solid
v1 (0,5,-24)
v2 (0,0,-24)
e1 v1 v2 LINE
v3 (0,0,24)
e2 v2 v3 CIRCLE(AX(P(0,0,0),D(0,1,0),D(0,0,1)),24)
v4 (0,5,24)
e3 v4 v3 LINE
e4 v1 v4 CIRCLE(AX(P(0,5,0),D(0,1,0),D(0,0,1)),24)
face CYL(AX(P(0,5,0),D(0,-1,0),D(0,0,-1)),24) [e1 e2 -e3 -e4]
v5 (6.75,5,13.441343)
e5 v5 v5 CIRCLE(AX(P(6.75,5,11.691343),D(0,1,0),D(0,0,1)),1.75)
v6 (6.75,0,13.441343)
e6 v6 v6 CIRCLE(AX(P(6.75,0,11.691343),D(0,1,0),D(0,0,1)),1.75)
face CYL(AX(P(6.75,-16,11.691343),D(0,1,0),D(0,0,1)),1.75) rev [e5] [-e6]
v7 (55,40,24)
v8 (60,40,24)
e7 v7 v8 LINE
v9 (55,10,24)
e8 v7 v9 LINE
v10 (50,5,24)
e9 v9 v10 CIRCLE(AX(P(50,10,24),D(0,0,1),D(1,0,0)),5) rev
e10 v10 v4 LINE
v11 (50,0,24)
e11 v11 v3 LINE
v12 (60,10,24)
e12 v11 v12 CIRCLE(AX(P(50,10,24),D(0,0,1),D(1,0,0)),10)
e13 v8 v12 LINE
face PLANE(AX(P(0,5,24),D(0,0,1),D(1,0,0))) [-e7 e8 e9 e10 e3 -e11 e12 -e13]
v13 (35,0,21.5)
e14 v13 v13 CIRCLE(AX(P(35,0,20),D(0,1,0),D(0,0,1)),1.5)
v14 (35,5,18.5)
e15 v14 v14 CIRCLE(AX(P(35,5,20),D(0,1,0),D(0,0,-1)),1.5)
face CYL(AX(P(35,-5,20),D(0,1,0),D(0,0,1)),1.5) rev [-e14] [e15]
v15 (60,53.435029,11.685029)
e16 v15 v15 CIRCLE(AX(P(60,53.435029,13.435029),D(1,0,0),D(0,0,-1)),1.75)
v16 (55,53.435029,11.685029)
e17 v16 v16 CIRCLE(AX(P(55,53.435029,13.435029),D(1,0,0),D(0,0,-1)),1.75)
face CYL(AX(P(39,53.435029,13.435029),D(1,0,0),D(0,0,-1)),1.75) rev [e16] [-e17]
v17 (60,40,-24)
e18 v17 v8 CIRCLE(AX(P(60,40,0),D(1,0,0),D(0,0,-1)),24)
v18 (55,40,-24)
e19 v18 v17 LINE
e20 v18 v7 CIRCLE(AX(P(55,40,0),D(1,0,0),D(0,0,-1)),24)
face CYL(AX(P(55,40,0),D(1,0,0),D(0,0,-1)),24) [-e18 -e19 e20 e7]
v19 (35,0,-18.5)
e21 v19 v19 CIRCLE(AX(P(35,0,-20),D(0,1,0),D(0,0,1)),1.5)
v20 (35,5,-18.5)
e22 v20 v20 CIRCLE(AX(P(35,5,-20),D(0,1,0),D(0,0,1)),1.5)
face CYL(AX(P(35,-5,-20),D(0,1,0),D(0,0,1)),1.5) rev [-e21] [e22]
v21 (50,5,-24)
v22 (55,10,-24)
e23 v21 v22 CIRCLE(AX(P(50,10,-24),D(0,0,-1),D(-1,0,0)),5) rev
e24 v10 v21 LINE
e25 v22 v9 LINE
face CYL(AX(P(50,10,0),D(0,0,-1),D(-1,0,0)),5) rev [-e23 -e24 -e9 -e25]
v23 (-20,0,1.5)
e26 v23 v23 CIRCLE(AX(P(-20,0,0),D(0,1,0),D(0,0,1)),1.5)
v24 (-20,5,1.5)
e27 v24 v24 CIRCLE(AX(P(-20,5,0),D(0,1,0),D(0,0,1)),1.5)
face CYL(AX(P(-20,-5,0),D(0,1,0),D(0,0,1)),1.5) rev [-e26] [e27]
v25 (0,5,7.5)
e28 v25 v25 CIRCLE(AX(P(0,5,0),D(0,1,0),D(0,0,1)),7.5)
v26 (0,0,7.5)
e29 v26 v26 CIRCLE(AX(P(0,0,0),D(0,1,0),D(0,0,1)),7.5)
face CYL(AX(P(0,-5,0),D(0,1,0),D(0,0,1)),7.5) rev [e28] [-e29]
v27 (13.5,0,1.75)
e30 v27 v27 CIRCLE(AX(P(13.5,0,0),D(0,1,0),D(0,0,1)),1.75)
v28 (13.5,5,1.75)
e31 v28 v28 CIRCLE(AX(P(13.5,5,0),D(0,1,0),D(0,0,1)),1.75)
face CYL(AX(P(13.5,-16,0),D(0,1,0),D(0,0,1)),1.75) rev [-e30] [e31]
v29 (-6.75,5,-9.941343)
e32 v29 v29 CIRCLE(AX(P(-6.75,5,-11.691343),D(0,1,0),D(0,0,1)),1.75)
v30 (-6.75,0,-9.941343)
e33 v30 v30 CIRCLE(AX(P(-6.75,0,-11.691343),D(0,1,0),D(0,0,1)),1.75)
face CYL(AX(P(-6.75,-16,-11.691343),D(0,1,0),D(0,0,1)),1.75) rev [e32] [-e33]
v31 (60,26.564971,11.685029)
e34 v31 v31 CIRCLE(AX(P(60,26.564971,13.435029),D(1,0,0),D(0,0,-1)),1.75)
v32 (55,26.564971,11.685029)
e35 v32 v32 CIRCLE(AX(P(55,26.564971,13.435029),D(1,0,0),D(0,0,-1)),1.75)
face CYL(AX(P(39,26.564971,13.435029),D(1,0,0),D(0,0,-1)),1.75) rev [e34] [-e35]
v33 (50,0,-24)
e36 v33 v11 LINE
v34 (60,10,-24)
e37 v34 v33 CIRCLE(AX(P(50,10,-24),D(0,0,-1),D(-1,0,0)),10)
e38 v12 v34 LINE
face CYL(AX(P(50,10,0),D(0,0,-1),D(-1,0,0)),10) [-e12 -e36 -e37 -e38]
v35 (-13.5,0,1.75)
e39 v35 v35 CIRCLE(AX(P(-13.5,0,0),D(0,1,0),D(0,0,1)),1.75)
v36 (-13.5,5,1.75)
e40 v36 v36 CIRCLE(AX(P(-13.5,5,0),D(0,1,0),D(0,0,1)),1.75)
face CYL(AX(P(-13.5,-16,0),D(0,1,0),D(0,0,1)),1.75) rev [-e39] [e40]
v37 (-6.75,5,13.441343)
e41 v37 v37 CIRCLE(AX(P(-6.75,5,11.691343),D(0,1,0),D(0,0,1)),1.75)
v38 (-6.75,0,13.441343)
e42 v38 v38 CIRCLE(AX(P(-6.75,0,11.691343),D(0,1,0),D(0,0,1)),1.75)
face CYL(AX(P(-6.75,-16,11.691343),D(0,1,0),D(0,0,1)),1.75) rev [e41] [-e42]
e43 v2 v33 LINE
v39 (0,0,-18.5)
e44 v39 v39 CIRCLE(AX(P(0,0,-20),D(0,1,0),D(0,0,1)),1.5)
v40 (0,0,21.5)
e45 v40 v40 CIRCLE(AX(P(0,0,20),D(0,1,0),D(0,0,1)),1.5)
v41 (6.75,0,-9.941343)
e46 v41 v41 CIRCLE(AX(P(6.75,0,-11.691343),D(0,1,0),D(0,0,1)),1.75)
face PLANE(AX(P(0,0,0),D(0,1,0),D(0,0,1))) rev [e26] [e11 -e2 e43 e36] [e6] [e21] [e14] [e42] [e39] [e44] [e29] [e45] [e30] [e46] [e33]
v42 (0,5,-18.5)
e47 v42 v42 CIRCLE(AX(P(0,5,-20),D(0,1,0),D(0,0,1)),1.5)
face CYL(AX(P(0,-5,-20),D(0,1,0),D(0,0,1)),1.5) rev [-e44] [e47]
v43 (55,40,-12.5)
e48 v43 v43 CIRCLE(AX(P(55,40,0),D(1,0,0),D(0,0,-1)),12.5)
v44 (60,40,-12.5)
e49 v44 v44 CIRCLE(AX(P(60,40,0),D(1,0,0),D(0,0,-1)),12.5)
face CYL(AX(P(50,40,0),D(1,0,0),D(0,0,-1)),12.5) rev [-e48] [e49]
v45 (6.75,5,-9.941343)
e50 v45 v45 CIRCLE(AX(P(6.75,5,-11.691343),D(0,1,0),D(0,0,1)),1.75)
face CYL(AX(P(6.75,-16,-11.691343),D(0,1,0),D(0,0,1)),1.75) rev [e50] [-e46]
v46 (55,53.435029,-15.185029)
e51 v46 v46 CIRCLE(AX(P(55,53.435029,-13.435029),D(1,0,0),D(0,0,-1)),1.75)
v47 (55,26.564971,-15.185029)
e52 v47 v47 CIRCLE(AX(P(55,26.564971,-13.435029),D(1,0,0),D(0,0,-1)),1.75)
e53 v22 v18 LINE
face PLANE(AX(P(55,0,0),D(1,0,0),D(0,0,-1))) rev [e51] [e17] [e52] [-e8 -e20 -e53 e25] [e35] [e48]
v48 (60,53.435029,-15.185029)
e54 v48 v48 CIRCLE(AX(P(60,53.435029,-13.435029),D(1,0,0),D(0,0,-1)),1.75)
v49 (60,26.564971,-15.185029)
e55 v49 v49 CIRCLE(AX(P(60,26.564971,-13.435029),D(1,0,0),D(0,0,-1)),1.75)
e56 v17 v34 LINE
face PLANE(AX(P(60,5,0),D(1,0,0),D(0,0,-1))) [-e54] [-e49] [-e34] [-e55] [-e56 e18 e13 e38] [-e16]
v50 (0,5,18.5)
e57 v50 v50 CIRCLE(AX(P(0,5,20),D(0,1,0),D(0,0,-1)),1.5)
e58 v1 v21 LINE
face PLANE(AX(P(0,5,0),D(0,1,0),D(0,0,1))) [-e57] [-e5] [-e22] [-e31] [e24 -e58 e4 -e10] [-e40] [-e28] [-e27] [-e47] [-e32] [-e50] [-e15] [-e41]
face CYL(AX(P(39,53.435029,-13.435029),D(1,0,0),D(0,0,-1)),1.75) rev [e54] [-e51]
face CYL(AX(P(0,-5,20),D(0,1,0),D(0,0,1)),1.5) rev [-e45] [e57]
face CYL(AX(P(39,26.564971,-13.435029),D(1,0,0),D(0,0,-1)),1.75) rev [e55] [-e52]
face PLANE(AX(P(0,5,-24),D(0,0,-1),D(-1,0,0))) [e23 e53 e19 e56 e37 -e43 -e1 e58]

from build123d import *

# Parameters (mm, degrees)
EXTRUDE_1_DEPTH     = 5
EXTRUDE_2_DEPTH     = 5
SKETCH_3_R          = 1.75
CUT_EXTRUDE_1_DEPTH = 21
SKETCH_4_R          = 1.75
CUT_EXTRUDE_2_DEPTH = 21
FILLET_1_R          = 5
FILLET_2_R          = 10
SKETCH_6_R          = 1.5
CUT_EXTRUDE_4_DEPTH = 10
SKETCH_7_R          = 7.5
CUT_EXTRUDE_5_DEPTH = 10
SKETCH_8_R          = 12.5
CUT_EXTRUDE_6_DEPTH = 10


with BuildPart() as part:
    # 草图1 → 凸台-拉伸1 (new body)
    with BuildSketch(Plane(origin=(0, 0, 0), x_dir=(1, 0, 0), z_dir=(0, 1, 0))):
        with BuildLine():
            ThreePointArc((0, 24), (-24, 0), (0, -24))
            Line((0, -24), (60, -24))
            Line((60, -24), (60, 24))
            Line((60, 24), (0, 24))
        make_face()
    extrude(amount=EXTRUDE_1_DEPTH)

    # 草图2 → 凸台-拉伸2 (add)
    with BuildSketch(Plane(origin=(60, 0, 0), x_dir=(0, 0, -1), z_dir=(1, 0, 0))):
        with BuildLine():
            ThreePointArc((24, 40), (0, 64), (-24, 40))
            Line((-24, 40), (-24, 0))
            Line((-24, 0), (24, 0))
            Line((24, 0), (24, 40))
        make_face()
    extrude(amount=-EXTRUDE_2_DEPTH)

    # 草图3 → 切除-拉伸1 (cut)
    with BuildSketch(Plane(origin=(0, 5, 0), x_dir=(1, 0, 0), z_dir=(0, 1, 0))):
        with Locations(Location((-13.5, 0, 0), (0, 0, 270))):
            Circle(SKETCH_3_R)
        with Locations(Location((-6.75, 11.691342951, 0), (0, 0, 270))):
            Circle(SKETCH_3_R)
        with Locations(Location((6.75, 11.691342951, 0), (0, 0, 270))):
            Circle(SKETCH_3_R)
        with Locations(Location((13.5, 0, 0), (0, 0, 270))):
            Circle(SKETCH_3_R)
        with Locations(Location((6.75, -11.691342951, 0), (0, 0, 270))):
            Circle(SKETCH_3_R)
        with Locations(Location((-6.75, -11.691342951, 0), (0, 0, 270))):
            Circle(SKETCH_3_R)
    extrude(amount=-CUT_EXTRUDE_1_DEPTH, mode=Mode.SUBTRACT)

    # 草图4 → 切除-拉伸2 (cut)
    with BuildSketch(Plane(origin=(60, 0, 0), x_dir=(0, 0, -1), z_dir=(1, 0, 0))):
        with Locations((-13.435028843, 53.435028843)):
            Circle(SKETCH_4_R)
        with Locations((13.435028843, 53.435028843)):
            Circle(SKETCH_4_R)
        with Locations((13.435028843, 26.564971157)):
            Circle(SKETCH_4_R)
        with Locations((-13.435028843, 26.564971157)):
            Circle(SKETCH_4_R)
    extrude(amount=-CUT_EXTRUDE_2_DEPTH, mode=Mode.SUBTRACT)

    # 圆角1
    fillet_1_edges = [part.edges().sort_by_distance(p)[0] for p in [
        (55, 5, 0),
    ]]
    fillet(fillet_1_edges, radius=FILLET_1_R)

    # 圆角2
    fillet_2_edges = [part.edges().sort_by_distance(p)[0] for p in [
        (60, 0, 0),
    ]]
    fillet(fillet_2_edges, radius=FILLET_2_R)

    # 草图6 → 切除-拉伸4 (cut)
    with BuildSketch(Plane(origin=(0, 5, 0), x_dir=(1, 0, 0), z_dir=(0, 1, 0))):
        with Locations(Location((0, 20, 0), (0, 0, 270))):
            Circle(SKETCH_6_R)
        with Locations(Location((35, 20, 0), (0, 0, 270))):
            Circle(SKETCH_6_R)
        with Locations(Location((35, -20, 0), (0, 0, 270))):
            Circle(SKETCH_6_R)
        with Locations(Location((0, -20, 0), (0, 0, 270))):
            Circle(SKETCH_6_R)
        with Locations(Location((-20, 0, 0), (0, 0, 270))):
            Circle(SKETCH_6_R)
    extrude(amount=-CUT_EXTRUDE_4_DEPTH, mode=Mode.SUBTRACT)

    # 草图7 → 切除-拉伸5 (cut)
    with BuildSketch(Plane(origin=(0, 5, 0), x_dir=(1, 0, 0), z_dir=(0, 1, 0))):
        with Locations(Location((0, 0, 0), (0, 0, 270))):
            Circle(SKETCH_7_R)
    extrude(amount=-CUT_EXTRUDE_5_DEPTH, mode=Mode.SUBTRACT)

    # 草图8 → 切除-拉伸6 (cut)
    with BuildSketch(Plane(origin=(60, 0, 0), x_dir=(0, 0, -1), z_dir=(1, 0, 0))):
        with Locations((0, 40)):
            Circle(SKETCH_8_R)
    extrude(amount=-CUT_EXTRUDE_6_DEPTH, mode=Mode.SUBTRACT)


solid = part.part
